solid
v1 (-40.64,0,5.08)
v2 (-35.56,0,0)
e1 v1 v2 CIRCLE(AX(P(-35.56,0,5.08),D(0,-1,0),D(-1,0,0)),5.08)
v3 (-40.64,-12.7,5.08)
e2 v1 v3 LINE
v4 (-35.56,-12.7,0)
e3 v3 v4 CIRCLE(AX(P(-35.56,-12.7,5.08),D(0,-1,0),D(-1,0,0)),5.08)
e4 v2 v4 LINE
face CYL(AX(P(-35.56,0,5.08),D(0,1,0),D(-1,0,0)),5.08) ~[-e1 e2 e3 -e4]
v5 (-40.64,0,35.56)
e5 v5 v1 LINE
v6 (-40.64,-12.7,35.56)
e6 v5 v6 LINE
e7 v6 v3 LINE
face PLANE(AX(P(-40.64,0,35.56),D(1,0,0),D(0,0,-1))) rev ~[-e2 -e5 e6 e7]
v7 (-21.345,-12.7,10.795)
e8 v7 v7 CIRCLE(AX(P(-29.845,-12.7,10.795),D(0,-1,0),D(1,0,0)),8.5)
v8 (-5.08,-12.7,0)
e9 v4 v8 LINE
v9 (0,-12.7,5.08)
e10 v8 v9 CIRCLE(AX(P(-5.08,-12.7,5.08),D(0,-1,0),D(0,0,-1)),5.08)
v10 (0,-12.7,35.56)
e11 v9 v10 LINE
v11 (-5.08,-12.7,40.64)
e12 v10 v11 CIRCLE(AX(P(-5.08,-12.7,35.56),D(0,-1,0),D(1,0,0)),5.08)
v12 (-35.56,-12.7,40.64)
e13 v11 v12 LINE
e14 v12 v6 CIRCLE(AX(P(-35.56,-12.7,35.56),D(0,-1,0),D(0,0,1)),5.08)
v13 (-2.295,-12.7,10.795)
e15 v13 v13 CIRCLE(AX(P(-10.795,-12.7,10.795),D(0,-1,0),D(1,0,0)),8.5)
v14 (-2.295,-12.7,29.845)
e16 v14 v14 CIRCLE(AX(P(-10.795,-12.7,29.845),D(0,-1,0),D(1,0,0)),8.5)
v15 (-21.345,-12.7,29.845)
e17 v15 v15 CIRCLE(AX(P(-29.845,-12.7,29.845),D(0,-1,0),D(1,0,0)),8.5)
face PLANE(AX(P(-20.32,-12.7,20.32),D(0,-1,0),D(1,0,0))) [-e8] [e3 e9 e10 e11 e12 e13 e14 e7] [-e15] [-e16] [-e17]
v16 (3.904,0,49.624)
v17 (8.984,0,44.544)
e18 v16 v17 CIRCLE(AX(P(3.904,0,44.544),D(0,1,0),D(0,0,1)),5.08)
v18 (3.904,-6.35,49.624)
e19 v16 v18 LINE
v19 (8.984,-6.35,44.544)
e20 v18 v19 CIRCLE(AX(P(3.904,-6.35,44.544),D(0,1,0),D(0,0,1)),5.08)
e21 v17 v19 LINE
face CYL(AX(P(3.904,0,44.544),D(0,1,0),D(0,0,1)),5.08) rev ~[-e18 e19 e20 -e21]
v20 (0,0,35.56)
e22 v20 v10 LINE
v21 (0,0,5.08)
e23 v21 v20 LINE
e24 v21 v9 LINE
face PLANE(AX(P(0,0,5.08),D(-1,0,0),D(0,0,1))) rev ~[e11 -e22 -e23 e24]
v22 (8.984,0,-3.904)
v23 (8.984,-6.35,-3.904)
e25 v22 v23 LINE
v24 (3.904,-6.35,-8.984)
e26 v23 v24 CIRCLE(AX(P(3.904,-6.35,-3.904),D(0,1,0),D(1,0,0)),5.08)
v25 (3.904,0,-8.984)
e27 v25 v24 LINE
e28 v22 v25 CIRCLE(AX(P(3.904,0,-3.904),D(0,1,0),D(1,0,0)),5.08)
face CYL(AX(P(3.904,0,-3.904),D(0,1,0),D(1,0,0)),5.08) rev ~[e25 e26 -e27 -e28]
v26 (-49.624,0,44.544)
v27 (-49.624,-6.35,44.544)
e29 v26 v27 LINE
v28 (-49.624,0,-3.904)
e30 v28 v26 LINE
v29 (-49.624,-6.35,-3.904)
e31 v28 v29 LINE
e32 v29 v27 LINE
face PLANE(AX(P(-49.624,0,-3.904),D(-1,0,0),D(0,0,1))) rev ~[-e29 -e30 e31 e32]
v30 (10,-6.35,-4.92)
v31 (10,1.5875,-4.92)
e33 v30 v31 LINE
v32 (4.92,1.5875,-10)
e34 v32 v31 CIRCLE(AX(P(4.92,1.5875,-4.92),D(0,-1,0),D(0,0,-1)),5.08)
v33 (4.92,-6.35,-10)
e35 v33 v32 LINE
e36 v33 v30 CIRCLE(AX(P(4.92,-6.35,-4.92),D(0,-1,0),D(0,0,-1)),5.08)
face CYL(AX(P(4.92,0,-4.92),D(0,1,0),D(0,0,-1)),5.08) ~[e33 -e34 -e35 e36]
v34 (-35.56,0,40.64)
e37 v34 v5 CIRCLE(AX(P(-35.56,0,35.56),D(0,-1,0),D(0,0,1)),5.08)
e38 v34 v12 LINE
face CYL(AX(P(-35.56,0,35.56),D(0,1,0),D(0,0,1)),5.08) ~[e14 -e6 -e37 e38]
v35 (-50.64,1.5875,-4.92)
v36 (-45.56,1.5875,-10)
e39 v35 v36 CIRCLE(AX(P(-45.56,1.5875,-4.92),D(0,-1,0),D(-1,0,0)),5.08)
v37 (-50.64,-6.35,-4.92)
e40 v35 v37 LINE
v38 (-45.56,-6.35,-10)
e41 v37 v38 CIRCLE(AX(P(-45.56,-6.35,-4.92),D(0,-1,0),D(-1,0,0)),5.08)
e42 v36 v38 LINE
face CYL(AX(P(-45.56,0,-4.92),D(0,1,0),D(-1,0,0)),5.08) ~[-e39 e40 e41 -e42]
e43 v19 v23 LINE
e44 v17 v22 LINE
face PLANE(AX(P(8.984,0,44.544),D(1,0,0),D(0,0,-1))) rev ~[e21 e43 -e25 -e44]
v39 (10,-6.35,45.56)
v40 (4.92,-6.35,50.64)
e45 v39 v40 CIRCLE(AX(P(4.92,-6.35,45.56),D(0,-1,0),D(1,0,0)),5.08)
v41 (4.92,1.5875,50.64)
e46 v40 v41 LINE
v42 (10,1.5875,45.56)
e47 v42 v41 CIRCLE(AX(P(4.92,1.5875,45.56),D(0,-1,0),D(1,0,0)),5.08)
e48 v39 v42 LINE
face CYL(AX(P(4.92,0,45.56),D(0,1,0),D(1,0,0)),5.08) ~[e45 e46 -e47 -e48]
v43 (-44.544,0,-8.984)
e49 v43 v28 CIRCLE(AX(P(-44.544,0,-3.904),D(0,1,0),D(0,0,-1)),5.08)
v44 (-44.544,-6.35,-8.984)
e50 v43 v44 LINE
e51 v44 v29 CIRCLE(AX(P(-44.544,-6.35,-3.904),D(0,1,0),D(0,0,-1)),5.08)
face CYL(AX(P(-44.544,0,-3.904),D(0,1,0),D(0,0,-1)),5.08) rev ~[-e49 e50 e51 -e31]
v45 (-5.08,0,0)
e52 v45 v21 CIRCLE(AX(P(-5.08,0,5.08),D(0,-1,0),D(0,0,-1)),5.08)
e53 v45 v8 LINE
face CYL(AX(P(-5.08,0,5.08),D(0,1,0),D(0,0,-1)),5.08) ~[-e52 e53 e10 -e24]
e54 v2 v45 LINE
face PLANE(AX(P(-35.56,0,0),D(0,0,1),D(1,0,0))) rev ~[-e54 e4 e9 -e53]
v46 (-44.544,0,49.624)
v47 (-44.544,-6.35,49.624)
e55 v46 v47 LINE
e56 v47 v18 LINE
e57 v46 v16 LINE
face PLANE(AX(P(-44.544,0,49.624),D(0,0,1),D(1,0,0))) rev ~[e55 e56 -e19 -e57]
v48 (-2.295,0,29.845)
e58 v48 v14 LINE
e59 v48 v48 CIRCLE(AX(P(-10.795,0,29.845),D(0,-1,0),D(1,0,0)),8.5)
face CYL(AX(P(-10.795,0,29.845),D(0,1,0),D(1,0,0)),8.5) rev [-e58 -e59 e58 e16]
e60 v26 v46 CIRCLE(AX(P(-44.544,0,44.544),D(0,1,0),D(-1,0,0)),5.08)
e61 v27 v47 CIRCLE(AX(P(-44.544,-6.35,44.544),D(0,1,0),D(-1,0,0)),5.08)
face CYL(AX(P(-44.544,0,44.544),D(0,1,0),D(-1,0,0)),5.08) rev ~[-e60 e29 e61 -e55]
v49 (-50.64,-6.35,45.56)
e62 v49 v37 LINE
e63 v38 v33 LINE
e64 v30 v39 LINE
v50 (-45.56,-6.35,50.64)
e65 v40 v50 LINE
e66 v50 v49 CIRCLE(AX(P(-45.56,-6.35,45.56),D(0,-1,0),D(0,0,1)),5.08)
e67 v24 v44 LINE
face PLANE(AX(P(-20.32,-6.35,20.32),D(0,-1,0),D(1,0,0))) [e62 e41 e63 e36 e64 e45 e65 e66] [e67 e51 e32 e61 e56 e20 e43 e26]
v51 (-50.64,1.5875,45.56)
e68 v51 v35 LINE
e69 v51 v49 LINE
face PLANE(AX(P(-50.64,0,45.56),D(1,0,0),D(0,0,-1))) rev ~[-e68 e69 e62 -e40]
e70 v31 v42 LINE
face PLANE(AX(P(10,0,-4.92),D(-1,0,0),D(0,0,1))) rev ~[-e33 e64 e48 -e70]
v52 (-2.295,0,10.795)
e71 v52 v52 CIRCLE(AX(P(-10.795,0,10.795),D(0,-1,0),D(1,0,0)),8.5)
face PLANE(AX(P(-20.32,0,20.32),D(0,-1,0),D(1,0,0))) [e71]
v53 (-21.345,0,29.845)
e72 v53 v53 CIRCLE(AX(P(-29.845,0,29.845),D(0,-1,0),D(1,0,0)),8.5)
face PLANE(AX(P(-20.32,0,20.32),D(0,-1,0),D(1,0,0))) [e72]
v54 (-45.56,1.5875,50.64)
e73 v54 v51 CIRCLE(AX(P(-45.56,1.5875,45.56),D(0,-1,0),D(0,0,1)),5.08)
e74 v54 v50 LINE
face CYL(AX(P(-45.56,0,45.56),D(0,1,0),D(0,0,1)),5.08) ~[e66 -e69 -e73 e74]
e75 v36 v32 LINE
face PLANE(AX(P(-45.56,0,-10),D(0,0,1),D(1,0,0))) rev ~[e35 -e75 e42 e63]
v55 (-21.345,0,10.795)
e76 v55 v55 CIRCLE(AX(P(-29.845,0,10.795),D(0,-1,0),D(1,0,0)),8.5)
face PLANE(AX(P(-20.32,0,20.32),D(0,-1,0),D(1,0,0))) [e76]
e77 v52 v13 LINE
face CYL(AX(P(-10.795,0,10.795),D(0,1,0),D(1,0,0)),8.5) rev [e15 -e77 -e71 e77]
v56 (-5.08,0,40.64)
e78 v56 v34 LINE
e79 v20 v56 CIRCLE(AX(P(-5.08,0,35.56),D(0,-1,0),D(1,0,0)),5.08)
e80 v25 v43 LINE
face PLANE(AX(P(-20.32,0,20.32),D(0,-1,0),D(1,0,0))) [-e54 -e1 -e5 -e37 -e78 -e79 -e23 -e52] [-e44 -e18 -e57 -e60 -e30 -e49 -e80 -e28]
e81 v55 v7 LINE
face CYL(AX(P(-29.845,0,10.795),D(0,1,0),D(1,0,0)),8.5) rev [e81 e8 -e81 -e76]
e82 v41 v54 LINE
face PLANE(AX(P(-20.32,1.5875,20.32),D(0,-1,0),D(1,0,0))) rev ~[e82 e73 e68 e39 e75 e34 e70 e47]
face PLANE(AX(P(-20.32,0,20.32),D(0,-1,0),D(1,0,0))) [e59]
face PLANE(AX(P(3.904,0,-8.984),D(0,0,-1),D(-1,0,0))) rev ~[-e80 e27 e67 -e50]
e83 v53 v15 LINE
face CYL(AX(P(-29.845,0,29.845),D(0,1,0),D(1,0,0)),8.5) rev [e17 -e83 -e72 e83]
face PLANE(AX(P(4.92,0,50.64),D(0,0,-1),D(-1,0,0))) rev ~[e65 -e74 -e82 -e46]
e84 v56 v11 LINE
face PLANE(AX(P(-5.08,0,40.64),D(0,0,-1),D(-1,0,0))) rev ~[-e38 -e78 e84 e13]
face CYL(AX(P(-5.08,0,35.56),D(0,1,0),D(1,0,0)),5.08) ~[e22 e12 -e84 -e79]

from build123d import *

# Parameters (mm, degrees)
F0_R     = 8.5
F1_DEPTH = 1.5875
F2_DEPTH = 12.7
F3_DEPTH = 6.35


with BuildPart() as f1:
    # F0 (on Front) → F1 (new body)
    with BuildSketch(Plane.XZ):
        with BuildLine():
            Line((4.92, 50.64), (-45.56, 50.64))
            ThreePointArc((-45.56, 50.64), (-49.1521024484, 49.1521024484), (-50.64, 45.56))
            Line((-50.64, 45.56), (-50.64, -4.92))
            ThreePointArc((-50.64, -4.92), (-49.1521024484, -8.5121024484), (-45.56, -10))
            Line((-45.56, -10), (4.92, -10))
            ThreePointArc((4.92, -10), (8.5121024484, -8.5121024484), (10, -4.92))
            Line((10, -4.92), (10, 45.56))
            ThreePointArc((10, 45.56), (8.5121024484, 49.1521024484), (4.92, 50.64))
        make_face()
        with BuildLine():
            ThreePointArc((-49.624, 44.544), (-48.1361024484, 48.1361024484), (-44.544, 49.624))
            Line((-44.544, 49.624), (3.904, 49.624))
            ThreePointArc((3.904, 49.624), (7.4961024484, 48.1361024484), (8.984, 44.544))
            Line((8.984, 44.544), (8.984, -3.904))
            ThreePointArc((8.984, -3.904), (7.4961024484, -7.4961024484), (3.904, -8.984))
            Line((3.904, -8.984), (-44.544, -8.984))
            ThreePointArc((-44.544, -8.984), (-48.1361024484, -7.4961024484), (-49.624, -3.904))
            Line((-49.624, -3.904), (-49.624, 44.544))
        make_face(mode=Mode.SUBTRACT)
        with BuildLine():
            Line((3.904, 49.624), (-44.544, 49.624))
            ThreePointArc((-44.544, 49.624), (-48.1361024484, 48.1361024484), (-49.624, 44.544))
            Line((-49.624, 44.544), (-49.624, -3.904))
            ThreePointArc((-49.624, -3.904), (-48.1361024484, -7.4961024484), (-44.544, -8.984))
            Line((-44.544, -8.984), (3.904, -8.984))
            ThreePointArc((3.904, -8.984), (7.4961024484, -7.4961024484), (8.984, -3.904))
            Line((8.984, -3.904), (8.984, 44.544))
            ThreePointArc((8.984, 44.544), (7.4961024484, 48.1361024484), (3.904, 49.624))
        make_face()
        with BuildLine():
            ThreePointArc((-40.64, 35.56), (-39.1521024484, 39.1521024484), (-35.56, 40.64))
            Line((-35.56, 40.64), (-5.08, 40.64))
            ThreePointArc((-5.08, 40.64), (-1.4878975516, 39.1521024484), (0, 35.56))
            Line((0, 35.56), (0, 5.08))
            ThreePointArc((0, 5.08), (-1.4878975516, 1.4878975516), (-5.08, 0))
            Line((-5.08, 0), (-35.56, 0))
            ThreePointArc((-35.56, 0), (-39.1521024484, 1.4878975516), (-40.64, 5.08))
            Line((-40.64, 5.08), (-40.64, 35.56))
        make_face(mode=Mode.SUBTRACT)
        with BuildLine():
            Line((-5.08, 40.64), (-35.56, 40.64))
            ThreePointArc((-35.56, 40.64), (-39.1521024484, 39.1521024484), (-40.64, 35.56))
            Line((-40.64, 35.56), (-40.64, 5.08))
            ThreePointArc((-40.64, 5.08), (-39.1521024484, 1.4878975516), (-35.56, 0))
            Line((-35.56, 0), (-5.08, 0))
            ThreePointArc((-5.08, 0), (-1.4878975516, 1.4878975516), (0, 5.08))
            Line((0, 5.08), (0, 35.56))
            ThreePointArc((0, 35.56), (-1.4878975516, 39.1521024484), (-5.08, 40.64))
        make_face()
        with Locations((-29.845, 10.795)):
            Circle(F0_R, mode=Mode.SUBTRACT)
        with Locations((-10.795, 10.795)):
            Circle(F0_R, mode=Mode.SUBTRACT)
        with Locations((-29.845, 29.845)):
            Circle(F0_R, mode=Mode.SUBTRACT)
        with Locations((-10.795, 29.845)):
            Circle(F0_R, mode=Mode.SUBTRACT)
        with Locations((-10.795, 29.845)):
            Circle(F0_R)
        with Locations((-29.845, 29.845)):
            Circle(F0_R)
        with Locations((-29.845, 10.795)):
            Circle(F0_R)
        with Locations((-10.795, 10.795)):
            Circle(F0_R)
    extrude(amount=-F1_DEPTH)

    # F0 (on Front) → F2 (join)
    with BuildSketch(Plane.XZ):
        with BuildLine():
            Line((-5.08, 40.64), (-35.56, 40.64))
            ThreePointArc((-35.56, 40.64), (-39.1521024484, 39.1521024484), (-40.64, 35.56))
            Line((-40.64, 35.56), (-40.64, 5.08))
            ThreePointArc((-40.64, 5.08), (-39.1521024484, 1.4878975516), (-35.56, 0))
            Line((-35.56, 0), (-5.08, 0))
            ThreePointArc((-5.08, 0), (-1.4878975516, 1.4878975516), (0, 5.08))
            Line((0, 5.08), (0, 35.56))
            ThreePointArc((0, 35.56), (-1.4878975516, 39.1521024484), (-5.08, 40.64))
        make_face()
        with Locations((-29.845, 10.795)):
            Circle(F0_R, mode=Mode.SUBTRACT)
        with Locations((-10.795, 10.795)):
            Circle(F0_R, mode=Mode.SUBTRACT)
        with Locations((-29.845, 29.845)):
            Circle(F0_R, mode=Mode.SUBTRACT)
        with Locations((-10.795, 29.845)):
            Circle(F0_R, mode=Mode.SUBTRACT)
    extrude(amount=F2_DEPTH)

    # F0 (on Front) → F3 (join)
    with BuildSketch(Plane.XZ):
        with BuildLine():
            Line((4.92, 50.64), (-45.56, 50.64))
            ThreePointArc((-45.56, 50.64), (-49.1521024484, 49.1521024484), (-50.64, 45.56))
            Line((-50.64, 45.56), (-50.64, -4.92))
            ThreePointArc((-50.64, -4.92), (-49.1521024484, -8.5121024484), (-45.56, -10))
            Line((-45.56, -10), (4.92, -10))
            ThreePointArc((4.92, -10), (8.5121024484, -8.5121024484), (10, -4.92))
            Line((10, -4.92), (10, 45.56))
            ThreePointArc((10, 45.56), (8.5121024484, 49.1521024484), (4.92, 50.64))
        make_face()
        with BuildLine():
            ThreePointArc((-49.624, 44.544), (-48.1361024484, 48.1361024484), (-44.544, 49.624))
            Line((-44.544, 49.624), (3.904, 49.624))
            ThreePointArc((3.904, 49.624), (7.4961024484, 48.1361024484), (8.984, 44.544))
            Line((8.984, 44.544), (8.984, -3.904))
            ThreePointArc((8.984, -3.904), (7.4961024484, -7.4961024484), (3.904, -8.984))
            Line((3.904, -8.984), (-44.544, -8.984))
            ThreePointArc((-44.544, -8.984), (-48.1361024484, -7.4961024484), (-49.624, -3.904))
            Line((-49.624, -3.904), (-49.624, 44.544))
        make_face(mode=Mode.SUBTRACT)
    extrude(amount=F3_DEPTH)


solid = f1.part
